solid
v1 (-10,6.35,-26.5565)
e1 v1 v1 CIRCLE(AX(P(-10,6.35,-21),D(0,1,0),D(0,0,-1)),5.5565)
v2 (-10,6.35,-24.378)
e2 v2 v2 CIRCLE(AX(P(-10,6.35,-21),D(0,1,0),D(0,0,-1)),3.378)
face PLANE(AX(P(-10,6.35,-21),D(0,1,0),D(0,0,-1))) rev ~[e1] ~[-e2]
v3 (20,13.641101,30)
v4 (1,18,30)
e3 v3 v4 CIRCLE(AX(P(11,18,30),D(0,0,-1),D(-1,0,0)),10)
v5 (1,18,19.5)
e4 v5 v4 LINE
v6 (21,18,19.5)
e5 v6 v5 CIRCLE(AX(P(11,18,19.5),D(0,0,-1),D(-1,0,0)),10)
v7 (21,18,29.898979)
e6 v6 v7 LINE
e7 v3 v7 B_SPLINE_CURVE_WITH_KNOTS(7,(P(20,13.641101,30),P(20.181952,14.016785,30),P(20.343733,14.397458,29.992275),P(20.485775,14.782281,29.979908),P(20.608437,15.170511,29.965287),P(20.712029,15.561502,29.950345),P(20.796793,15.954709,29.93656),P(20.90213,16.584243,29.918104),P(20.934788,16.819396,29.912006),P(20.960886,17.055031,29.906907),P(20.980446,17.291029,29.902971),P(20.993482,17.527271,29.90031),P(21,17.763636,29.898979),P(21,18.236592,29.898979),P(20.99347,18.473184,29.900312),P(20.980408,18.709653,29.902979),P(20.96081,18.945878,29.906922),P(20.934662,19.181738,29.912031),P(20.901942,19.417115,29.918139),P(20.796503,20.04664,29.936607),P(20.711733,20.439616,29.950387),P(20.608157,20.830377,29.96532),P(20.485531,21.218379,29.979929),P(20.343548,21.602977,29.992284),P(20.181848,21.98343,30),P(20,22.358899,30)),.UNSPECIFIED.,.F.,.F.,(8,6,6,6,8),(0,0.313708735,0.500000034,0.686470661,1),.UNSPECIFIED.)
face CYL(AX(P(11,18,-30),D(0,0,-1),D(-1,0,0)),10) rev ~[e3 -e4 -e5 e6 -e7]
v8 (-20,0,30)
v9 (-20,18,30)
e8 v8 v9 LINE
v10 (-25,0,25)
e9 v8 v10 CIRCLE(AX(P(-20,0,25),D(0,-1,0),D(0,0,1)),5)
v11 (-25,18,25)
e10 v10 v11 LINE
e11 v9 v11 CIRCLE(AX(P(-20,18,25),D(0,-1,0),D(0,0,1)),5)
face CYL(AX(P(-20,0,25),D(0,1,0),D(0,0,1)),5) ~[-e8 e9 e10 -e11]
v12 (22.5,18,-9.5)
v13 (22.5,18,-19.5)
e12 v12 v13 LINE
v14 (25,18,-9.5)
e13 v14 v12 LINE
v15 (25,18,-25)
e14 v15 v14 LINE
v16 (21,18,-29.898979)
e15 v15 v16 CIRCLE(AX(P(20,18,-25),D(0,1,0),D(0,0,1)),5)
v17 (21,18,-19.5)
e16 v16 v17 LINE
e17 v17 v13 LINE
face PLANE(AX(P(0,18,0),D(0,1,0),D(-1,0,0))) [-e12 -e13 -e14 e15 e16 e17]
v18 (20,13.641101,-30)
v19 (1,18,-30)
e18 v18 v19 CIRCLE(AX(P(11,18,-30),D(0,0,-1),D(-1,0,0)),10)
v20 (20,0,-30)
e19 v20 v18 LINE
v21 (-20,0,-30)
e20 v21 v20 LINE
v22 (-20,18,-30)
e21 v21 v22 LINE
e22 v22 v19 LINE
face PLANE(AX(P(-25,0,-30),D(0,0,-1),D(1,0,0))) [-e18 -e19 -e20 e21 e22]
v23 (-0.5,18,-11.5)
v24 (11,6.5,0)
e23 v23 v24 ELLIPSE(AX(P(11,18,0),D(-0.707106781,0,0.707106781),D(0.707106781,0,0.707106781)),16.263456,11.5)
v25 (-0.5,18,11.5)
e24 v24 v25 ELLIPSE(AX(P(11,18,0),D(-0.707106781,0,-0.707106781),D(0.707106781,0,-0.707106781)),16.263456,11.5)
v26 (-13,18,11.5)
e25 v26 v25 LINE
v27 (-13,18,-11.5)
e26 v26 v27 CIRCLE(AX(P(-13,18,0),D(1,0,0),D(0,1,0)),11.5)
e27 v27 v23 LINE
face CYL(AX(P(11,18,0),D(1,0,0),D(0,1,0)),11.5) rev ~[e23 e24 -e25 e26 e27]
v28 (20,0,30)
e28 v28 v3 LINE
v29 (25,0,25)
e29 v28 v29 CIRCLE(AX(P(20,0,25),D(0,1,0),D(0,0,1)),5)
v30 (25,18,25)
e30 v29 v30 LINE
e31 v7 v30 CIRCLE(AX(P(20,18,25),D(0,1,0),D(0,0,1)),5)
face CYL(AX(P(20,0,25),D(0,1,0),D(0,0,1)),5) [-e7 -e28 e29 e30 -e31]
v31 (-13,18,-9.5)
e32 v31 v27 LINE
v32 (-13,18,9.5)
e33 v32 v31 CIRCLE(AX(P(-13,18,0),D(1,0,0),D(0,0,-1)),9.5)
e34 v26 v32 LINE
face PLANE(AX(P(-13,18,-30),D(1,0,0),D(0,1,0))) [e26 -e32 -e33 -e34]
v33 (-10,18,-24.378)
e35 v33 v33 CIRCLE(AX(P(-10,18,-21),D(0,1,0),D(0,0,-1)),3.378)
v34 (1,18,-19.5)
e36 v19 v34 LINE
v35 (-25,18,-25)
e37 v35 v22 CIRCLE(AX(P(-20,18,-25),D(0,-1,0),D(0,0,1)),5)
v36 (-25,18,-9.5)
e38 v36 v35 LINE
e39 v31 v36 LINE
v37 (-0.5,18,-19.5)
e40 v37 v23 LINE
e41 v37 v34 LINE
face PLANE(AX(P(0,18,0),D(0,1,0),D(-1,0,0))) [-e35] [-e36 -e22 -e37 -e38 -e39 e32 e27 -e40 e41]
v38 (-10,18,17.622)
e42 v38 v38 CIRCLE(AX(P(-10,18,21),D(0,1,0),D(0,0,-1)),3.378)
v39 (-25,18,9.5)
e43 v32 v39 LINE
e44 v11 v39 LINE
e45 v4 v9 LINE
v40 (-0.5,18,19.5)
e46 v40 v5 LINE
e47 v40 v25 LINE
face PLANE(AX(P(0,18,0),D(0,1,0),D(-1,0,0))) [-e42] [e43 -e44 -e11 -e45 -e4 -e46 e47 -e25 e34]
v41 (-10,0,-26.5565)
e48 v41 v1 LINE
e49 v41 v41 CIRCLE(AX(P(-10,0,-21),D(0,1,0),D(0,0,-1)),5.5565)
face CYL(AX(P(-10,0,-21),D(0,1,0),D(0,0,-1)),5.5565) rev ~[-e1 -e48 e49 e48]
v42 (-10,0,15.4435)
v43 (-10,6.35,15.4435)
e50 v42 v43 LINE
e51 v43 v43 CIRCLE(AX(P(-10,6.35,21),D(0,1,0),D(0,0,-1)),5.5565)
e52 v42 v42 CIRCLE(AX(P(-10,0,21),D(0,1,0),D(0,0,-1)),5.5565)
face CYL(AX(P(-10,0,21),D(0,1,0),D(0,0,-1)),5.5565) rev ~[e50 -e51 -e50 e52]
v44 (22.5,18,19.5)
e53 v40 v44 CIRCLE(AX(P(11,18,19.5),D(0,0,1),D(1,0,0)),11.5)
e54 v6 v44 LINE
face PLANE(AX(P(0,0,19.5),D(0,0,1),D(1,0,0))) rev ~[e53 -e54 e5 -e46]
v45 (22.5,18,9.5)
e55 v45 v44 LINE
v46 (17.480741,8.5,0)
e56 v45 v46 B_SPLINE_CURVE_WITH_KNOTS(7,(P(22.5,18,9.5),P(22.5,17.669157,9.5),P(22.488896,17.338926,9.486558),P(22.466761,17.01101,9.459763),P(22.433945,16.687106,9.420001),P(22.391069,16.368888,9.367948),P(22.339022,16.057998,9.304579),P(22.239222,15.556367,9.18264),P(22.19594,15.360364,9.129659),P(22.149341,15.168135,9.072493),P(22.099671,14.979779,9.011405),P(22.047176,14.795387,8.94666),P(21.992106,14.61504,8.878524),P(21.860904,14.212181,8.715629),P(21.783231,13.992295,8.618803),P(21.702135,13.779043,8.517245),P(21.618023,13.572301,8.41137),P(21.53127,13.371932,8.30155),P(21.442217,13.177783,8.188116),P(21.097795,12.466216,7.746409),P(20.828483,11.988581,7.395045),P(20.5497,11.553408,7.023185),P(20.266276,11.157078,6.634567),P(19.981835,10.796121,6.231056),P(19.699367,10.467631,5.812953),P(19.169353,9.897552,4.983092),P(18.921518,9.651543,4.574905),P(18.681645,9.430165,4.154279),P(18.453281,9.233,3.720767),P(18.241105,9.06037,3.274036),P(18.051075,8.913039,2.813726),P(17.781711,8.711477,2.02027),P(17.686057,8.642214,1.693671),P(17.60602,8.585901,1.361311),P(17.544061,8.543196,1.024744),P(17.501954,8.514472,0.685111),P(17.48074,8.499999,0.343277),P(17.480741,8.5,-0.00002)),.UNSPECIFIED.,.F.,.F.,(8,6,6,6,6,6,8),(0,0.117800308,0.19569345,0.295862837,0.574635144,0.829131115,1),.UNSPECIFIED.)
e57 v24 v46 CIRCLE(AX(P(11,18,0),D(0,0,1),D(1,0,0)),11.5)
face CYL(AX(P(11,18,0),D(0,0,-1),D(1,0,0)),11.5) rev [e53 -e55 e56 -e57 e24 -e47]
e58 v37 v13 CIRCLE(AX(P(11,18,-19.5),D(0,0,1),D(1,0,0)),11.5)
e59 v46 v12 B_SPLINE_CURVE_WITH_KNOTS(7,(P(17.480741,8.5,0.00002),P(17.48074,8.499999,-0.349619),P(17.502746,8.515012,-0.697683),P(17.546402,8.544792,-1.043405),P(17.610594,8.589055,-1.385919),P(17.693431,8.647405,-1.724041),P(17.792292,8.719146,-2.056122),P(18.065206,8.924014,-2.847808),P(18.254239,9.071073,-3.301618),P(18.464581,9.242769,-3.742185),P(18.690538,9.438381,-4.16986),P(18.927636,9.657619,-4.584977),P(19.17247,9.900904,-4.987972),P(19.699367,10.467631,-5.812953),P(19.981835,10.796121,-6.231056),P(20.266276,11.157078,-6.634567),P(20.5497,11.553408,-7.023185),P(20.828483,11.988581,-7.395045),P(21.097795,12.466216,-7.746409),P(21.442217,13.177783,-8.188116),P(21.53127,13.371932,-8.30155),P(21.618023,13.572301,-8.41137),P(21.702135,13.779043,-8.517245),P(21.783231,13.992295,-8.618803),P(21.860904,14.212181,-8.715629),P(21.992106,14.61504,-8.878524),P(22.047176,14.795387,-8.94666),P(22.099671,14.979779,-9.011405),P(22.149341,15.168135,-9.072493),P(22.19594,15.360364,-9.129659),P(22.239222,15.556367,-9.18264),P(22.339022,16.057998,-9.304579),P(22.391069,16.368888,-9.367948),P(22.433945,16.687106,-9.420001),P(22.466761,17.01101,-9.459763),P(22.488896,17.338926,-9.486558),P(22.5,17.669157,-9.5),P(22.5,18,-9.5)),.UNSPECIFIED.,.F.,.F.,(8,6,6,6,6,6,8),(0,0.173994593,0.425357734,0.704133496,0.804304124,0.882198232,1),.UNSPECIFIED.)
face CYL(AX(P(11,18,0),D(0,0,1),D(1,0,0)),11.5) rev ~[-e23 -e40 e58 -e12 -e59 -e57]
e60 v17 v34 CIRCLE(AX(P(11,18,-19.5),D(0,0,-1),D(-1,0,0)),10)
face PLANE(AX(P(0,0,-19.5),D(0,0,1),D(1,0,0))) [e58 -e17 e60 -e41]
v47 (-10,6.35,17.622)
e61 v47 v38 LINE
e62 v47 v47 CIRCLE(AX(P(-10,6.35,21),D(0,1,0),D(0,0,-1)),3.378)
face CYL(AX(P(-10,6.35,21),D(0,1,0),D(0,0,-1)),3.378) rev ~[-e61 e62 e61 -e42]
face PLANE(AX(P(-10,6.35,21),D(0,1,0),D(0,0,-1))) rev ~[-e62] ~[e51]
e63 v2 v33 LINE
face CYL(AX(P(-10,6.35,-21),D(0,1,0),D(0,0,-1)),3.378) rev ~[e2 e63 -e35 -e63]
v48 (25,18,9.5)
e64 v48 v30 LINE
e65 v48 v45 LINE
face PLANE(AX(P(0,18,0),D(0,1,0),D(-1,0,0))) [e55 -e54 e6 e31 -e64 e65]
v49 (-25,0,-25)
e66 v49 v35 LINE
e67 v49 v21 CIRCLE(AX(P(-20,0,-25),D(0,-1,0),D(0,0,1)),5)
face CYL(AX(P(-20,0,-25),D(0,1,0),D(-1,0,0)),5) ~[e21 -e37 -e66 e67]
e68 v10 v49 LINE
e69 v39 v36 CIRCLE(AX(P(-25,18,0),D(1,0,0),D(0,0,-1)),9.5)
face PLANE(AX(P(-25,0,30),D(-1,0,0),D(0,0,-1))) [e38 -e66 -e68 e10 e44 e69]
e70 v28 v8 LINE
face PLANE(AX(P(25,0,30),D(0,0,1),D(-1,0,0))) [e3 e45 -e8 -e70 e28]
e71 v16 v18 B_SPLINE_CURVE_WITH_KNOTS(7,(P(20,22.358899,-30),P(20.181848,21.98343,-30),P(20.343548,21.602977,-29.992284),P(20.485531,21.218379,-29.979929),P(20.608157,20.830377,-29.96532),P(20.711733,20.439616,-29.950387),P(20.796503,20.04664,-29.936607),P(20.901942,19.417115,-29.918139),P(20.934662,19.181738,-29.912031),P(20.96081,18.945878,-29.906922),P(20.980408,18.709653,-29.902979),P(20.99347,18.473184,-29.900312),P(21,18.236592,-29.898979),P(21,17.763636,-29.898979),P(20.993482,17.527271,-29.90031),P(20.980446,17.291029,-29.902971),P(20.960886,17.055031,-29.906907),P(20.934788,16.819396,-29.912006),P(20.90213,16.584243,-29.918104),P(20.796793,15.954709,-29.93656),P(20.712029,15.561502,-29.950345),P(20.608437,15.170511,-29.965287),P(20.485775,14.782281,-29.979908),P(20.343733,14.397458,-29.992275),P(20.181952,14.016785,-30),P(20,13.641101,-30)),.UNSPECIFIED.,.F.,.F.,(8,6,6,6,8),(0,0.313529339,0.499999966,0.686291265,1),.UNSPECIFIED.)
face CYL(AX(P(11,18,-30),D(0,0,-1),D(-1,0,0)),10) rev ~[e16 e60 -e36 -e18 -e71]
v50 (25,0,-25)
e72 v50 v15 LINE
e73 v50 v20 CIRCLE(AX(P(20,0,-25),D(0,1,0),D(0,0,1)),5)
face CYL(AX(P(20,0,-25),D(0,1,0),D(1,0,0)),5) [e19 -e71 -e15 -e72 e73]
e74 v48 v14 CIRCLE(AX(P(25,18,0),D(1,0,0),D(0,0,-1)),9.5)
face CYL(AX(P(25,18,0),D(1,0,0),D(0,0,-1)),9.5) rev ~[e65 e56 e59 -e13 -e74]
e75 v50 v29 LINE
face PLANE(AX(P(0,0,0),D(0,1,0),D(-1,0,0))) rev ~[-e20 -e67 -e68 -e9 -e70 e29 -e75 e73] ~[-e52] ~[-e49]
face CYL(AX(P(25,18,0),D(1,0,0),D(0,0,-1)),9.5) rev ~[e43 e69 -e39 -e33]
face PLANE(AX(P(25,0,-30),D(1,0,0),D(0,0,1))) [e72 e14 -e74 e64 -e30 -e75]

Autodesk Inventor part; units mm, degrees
ref_plane "XZ Plane" through (0, 0, 0) normal (0, 1, 0) x (-1, 0, 0)
ref_plane "XY Plane" through (0, 0, 0) normal (0, 0, 1) x (1, 0, 0)
sketch "Sketch1" plane through (0, 0, 0) normal (0, 1, 0) x (-1, 0, 0)
  line L0 (-25, 30) -> (25, 30)
  line L1 (25, 30) -> (25, -30)
  line L2 (25, -30) -> (-25, -30)
  line L3 (-25, -30) -> (-25, 30)
  line L4 (-25, 30) -> (25, -30) construction
  line L5 (25, 30) -> (-25, -30) construction
  point P0 (0, 0)
  dimension "d0" = 50
  dimension "d1" = 60
extrude "Extrusion1" add sketch "Sketch1" along normal blind 18
sketch "Sketch2" plane through (25, 0, 30) normal (1, 0, 0) x (0, 0, -1)
  line L0 (60, 18) -> (0, 18) projected
  circle A0 centre (30, 18) radius 9.5
  point P0 (30, 0)
  point P1 (20.5, 18)
  point P2 (39.5, 18)
  dimension "d4" = 19
extrude "Extrusion2" cut sketch "Sketch2" against normal through all contours A0 L0 picked at (28.8771, 15.0391)
sketch "Sketch3" plane through (25, 0, -30) normal (0, 0, -1) x (-1, 0, 0)
  line L0 (0, 18) -> (50, 18) projected
  circle A0 centre (14, 18) radius 10
  point P0 (25, 0)
  point P1 (24, 18)
  point P2 (4, 18)
  dimension "d7" = 20
  dimension "d8" = 14
extrude "Extrusion3" cut sketch "Sketch3" against normal through all contours L0 A0 picked at (12.1065, 15.2567)
sketch "Sketch4" plane through (0, 0, 0) normal (0, 0, 1) x (1, 0, 0)
  arc A0 (1, 18) -> (21, 18) centre (11, 18) ccw projected
  circle A1 centre (11, 18) radius 11.5
  point P0 (0, 0)
  dimension "d11" = 23
extrude "Extrusion4" cut sketch "Sketch4" along normal mid plane 39
ref_plane "Work Plane2" through (11, 18, -30) normal (1, 0, 0) x (0, 1, 0)
sketch "Sketch5" plane through (11, 18, -30) normal (1, 0, 0) x (0, 1, 0)
  arc A0 (0, 39.5) -> (0, 20.5) centre (0, 30) ccw projected
  circle A1 centre (0, 30) radius 11.5
  point P0 (-18, 30)
  dimension "d14" = 23
extrude "Extrusion5" cut sketch "Sketch5" against normal blind 24
sketch "Sketch7" plane through (0, 0, 0) normal (0, -1, 0) x (1, 0, 0)
  line L0 (25, -30) -> (-25, -30) projected
  line L1 (-25, 30) -> (25, 30) projected
  line L2 (-25, -30) -> (-25, 30) projected
  point P0 (0, 0)
  point P1 (-10, -21)
  point P2 (-10, 21)
  dimension "d28" = 9
  dimension "d29" = 9
  dimension "d30" = 15
hole "Hole2" at (-10, 0, -21) at (-10, 0, 21) direction (0, 1, 0) diameter 6.756 end through all counterbore diameter 11.113 counterbore depth 6.35 clearance for "Socket Head Cap Screw" size "1/4" standard "Ansi Unified Screw Threads"
fillet "Fillet1" radius 5 4 edges at (-25, 9, -30) (-25, 9, 30) (25, 9, 30) (25, 9, -30)
equation "\"d28\" = d29"
properties part number "Valve Block Bottom"
